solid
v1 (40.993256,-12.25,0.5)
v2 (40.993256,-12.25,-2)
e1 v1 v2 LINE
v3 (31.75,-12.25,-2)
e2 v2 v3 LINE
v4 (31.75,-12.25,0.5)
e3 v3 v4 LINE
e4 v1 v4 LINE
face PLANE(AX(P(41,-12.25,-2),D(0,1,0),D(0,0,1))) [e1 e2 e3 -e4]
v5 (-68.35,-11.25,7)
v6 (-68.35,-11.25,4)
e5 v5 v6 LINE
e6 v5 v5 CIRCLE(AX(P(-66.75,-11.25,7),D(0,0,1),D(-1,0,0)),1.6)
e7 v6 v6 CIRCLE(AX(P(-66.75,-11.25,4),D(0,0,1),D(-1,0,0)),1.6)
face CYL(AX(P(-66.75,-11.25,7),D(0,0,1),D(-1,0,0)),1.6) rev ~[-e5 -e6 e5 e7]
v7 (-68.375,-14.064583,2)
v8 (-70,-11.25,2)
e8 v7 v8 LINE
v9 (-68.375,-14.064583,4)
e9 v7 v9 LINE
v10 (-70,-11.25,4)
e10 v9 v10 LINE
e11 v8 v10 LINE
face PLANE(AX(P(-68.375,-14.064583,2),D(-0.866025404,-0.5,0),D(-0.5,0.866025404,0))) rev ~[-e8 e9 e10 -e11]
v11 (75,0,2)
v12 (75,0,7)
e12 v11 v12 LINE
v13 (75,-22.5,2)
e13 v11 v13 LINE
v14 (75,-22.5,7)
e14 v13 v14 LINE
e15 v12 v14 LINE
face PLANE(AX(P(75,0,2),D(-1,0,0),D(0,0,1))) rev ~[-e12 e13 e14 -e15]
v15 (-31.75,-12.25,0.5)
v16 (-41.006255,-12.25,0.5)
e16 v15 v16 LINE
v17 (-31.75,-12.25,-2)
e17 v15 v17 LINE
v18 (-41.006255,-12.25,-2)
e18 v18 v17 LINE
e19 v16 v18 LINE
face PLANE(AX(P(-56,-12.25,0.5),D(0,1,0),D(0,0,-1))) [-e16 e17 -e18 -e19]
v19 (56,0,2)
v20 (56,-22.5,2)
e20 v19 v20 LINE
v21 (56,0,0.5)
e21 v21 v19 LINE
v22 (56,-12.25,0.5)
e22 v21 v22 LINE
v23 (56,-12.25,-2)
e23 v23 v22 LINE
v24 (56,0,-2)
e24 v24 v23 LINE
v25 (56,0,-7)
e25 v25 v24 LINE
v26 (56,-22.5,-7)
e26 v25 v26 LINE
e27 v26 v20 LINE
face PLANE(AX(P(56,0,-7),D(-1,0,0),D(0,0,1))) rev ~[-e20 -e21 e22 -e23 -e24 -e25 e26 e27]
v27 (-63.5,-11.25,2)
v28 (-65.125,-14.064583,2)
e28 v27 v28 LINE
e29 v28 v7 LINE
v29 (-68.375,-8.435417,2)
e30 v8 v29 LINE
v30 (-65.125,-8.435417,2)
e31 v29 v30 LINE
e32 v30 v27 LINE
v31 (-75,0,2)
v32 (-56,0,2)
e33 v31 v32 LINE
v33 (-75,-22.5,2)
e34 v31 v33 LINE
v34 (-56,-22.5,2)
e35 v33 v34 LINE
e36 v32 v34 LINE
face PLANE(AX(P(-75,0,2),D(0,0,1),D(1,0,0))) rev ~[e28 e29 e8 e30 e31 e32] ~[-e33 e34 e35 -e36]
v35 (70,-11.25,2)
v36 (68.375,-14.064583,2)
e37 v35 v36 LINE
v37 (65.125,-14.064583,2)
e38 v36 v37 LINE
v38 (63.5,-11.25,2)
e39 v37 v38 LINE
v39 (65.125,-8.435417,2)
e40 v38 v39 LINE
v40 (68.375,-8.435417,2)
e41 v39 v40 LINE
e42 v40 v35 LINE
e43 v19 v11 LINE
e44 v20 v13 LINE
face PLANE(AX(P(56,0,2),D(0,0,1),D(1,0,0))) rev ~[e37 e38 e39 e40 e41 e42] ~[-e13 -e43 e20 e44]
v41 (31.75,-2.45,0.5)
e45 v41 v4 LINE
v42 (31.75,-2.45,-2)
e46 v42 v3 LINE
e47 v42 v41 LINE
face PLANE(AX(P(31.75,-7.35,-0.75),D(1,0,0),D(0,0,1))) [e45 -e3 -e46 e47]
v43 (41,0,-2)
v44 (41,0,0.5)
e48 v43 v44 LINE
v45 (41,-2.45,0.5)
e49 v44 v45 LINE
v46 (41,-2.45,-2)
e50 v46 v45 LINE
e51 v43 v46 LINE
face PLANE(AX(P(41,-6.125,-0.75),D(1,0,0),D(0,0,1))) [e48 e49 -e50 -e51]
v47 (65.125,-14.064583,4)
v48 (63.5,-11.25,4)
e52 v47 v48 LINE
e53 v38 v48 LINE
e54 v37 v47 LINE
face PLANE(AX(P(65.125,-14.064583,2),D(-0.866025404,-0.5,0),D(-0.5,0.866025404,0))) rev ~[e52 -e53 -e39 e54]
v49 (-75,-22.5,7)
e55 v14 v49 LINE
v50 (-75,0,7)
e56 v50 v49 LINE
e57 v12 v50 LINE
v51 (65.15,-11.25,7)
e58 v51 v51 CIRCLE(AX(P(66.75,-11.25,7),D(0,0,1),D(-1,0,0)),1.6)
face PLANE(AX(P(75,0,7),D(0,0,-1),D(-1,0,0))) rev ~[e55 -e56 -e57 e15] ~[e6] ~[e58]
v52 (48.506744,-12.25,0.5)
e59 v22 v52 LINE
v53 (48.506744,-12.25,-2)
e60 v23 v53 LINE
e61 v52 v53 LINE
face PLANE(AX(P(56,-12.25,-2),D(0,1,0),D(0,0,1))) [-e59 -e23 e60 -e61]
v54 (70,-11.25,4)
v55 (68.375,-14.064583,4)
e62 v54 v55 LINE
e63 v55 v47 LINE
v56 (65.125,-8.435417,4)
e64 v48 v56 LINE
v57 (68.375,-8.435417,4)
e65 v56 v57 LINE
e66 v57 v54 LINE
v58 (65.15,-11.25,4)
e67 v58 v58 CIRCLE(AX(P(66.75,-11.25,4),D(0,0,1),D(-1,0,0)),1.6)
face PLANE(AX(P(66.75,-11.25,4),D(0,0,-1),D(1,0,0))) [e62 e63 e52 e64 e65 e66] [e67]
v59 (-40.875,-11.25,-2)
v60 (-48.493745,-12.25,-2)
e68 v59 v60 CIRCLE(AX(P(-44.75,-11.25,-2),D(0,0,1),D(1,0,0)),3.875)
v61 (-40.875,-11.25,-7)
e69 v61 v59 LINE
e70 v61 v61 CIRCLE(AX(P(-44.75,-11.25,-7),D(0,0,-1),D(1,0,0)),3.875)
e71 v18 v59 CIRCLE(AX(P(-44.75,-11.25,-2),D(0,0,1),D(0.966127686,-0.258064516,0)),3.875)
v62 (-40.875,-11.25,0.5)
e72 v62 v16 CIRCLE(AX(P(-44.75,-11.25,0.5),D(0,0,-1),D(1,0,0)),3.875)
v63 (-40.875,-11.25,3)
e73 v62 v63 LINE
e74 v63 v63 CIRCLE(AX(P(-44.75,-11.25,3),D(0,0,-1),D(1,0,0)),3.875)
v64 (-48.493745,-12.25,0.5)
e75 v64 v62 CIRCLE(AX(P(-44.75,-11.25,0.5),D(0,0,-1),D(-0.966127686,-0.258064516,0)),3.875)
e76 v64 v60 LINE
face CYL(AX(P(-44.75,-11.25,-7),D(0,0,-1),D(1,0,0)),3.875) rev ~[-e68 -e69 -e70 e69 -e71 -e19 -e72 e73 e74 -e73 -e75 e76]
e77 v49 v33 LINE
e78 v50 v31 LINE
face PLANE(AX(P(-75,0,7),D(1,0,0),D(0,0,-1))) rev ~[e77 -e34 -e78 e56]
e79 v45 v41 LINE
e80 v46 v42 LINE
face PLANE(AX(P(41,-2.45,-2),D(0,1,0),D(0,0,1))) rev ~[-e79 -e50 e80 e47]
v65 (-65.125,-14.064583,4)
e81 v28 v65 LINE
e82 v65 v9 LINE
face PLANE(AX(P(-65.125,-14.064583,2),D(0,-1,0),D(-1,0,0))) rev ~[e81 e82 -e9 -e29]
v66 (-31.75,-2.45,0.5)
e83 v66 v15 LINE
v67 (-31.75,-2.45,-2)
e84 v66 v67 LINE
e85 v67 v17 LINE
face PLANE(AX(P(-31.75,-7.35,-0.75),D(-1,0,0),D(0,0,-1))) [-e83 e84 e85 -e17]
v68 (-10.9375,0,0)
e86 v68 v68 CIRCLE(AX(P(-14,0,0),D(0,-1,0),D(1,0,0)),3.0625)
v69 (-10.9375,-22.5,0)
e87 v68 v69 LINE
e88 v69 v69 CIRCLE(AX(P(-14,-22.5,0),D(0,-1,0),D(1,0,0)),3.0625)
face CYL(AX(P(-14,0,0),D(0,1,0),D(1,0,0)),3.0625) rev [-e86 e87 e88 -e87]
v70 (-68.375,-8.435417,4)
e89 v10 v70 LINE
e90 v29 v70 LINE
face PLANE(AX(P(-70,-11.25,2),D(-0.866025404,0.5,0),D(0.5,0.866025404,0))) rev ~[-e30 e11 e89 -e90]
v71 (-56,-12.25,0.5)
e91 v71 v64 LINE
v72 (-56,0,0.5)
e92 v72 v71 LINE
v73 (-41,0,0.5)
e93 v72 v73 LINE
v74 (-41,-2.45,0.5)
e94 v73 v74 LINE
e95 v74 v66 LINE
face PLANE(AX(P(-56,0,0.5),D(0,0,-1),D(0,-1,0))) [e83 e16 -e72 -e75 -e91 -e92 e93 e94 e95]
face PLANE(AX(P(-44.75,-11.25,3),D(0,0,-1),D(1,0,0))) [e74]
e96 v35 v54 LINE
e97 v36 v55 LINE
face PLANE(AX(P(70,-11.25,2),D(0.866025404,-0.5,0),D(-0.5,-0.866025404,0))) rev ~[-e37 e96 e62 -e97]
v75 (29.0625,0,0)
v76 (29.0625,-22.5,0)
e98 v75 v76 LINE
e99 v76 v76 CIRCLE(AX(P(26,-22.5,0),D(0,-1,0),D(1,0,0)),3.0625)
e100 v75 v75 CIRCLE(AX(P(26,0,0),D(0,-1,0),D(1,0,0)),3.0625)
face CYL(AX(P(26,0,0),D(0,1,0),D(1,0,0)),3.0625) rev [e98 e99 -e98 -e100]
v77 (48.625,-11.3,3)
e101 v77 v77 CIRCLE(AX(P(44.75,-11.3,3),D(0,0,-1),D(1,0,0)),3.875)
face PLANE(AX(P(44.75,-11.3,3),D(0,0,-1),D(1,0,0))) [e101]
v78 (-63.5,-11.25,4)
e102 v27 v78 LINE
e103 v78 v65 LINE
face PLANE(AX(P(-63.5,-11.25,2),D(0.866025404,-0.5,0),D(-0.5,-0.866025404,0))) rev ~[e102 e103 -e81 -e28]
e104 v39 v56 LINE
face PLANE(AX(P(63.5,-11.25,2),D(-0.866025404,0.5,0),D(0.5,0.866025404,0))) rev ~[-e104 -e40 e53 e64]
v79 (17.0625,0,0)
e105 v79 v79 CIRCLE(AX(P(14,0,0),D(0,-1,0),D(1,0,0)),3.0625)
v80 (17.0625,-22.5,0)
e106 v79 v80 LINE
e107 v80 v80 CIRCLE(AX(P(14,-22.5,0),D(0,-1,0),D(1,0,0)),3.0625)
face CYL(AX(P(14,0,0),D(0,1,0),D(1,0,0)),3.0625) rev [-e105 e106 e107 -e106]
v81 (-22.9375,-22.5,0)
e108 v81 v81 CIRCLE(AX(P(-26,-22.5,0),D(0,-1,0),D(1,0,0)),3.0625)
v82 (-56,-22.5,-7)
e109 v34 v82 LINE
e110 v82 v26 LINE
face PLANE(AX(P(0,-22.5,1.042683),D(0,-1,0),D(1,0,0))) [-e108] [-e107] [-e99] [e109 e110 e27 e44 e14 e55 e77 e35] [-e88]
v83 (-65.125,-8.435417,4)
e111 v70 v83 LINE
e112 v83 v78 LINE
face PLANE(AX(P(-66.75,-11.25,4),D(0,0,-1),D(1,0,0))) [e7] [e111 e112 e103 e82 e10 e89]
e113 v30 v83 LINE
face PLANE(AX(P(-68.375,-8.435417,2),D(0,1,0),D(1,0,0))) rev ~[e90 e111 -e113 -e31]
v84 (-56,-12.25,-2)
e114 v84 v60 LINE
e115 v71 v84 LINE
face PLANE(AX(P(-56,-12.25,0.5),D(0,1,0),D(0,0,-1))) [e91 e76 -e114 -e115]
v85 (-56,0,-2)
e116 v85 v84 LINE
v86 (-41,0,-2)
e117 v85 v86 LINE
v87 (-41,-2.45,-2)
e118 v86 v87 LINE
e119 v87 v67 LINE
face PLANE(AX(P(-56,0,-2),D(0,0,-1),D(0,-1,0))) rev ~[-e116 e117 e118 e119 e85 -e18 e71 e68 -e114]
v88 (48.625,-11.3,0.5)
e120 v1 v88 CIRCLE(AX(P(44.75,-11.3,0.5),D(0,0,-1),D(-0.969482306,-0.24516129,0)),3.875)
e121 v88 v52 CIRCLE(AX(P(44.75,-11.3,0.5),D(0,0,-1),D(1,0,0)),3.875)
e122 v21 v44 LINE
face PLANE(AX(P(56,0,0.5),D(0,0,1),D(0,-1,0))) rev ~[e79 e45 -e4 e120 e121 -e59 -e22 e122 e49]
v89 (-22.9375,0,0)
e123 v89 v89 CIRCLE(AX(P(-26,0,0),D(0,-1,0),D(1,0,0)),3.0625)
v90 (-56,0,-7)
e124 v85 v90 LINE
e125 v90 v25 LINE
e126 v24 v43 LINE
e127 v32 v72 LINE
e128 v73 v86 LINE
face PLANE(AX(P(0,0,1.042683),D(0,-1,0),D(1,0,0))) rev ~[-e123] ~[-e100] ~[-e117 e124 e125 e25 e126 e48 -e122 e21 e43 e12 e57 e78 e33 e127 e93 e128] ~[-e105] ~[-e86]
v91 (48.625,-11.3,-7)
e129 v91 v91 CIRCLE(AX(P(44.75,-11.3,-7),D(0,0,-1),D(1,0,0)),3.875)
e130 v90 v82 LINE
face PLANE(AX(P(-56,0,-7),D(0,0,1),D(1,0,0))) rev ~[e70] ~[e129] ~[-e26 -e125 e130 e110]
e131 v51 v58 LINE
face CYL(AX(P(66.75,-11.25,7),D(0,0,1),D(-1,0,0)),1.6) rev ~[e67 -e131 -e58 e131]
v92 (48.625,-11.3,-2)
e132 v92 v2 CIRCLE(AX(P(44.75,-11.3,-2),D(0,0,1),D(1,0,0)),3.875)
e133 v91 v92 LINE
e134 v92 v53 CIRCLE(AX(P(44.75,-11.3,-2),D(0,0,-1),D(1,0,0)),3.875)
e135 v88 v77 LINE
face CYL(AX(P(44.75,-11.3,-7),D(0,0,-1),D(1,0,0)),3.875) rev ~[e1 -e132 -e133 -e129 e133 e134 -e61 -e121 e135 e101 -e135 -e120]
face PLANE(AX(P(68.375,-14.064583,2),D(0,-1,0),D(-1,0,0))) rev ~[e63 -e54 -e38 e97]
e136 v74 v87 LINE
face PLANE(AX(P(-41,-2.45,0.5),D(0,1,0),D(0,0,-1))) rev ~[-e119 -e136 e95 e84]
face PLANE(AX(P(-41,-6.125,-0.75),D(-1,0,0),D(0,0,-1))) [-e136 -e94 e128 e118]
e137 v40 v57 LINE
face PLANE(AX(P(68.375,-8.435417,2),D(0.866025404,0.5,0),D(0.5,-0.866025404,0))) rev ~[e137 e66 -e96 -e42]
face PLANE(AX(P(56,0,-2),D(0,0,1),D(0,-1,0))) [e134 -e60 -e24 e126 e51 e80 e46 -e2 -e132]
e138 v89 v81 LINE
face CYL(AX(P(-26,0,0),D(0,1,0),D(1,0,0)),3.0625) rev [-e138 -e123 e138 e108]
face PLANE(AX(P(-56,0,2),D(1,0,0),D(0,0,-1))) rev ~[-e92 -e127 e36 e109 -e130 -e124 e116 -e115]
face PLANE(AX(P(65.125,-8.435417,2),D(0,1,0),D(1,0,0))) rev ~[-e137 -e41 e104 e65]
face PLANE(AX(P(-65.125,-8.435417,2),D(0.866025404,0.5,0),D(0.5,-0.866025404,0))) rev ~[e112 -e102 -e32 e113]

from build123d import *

# Parameters (mm, degrees)
SKETCH016_R     = 3.0625
PAD003_DEPTH    = 22.5
SKETCH020_R     = 3.875
POCKET012_DEPTH = 10
SKETCH025_W     = 2.5
SKETCH025_H     = 12.25
POCKET013_DEPTH = 15
SKETCH026_W     = 2.5
SKETCH026_H     = 9.8
POCKET014_DEPTH = 9.25
SKETCH027_W     = 2.5
SKETCH027_H     = 12.25
POCKET015_DEPTH = 15
SKETCH028_W     = 2.5
SKETCH028_H     = 9.8
POCKET016_DEPTH = 9.25
SKETCH029_R     = 1.6
POCKET017_DEPTH = 5
POCKET018_DEPTH = 2


with BuildPart() as part:
    # Sketch016 → Pad003 (new body)
    with BuildSketch(Plane.XZ):
        Polygon((-56, -7), (56, -7), (56, 2), (75, 2), (75, 7), (-75, 7), (-75, 2), (-56, 2), align=None)
        with Locations((-14, 0)):
            Circle(SKETCH016_R, mode=Mode.SUBTRACT)
        with Locations((14, 0)):
            Circle(SKETCH016_R, mode=Mode.SUBTRACT)
        with Locations((-26, 0)):
            Circle(SKETCH016_R, mode=Mode.SUBTRACT)
        with Locations((26, 0)):
            Circle(SKETCH016_R, mode=Mode.SUBTRACT)
    extrude(amount=PAD003_DEPTH)

    # Sketch020 (on Face4 of Pad003) → Pocket012 (cut)
    with BuildSketch(Plane(origin=(0, 0, -7), x_dir=(1, 0, 0), z_dir=(0, 0, -1))):
        with Locations((-44.75, 11.25)):
            Circle(SKETCH020_R)
        with Locations((44.75, 11.3)):
            Circle(SKETCH020_R)
    extrude(amount=-POCKET012_DEPTH, mode=Mode.SUBTRACT)

    # Sketch025 (on Face9 of Pocket012) → Pocket013 (cut)
    with BuildSketch(Plane(origin=(56, 0, 0), x_dir=(0, 0, 1), z_dir=(1, 0, 0))):
        with Locations((-0.75, 6.125)):
            Rectangle(SKETCH025_W, SKETCH025_H)
    extrude(amount=-POCKET013_DEPTH, mode=Mode.SUBTRACT)

    # Sketch026 (on Face11 of Pocket013) → Pocket014 (cut)
    with BuildSketch(Plane(origin=(41, 0, 0), x_dir=(0, 0, 1), z_dir=(1, 0, 0))):
        with Locations((-0.75, 7.35)):
            Rectangle(SKETCH026_W, SKETCH026_H)
    extrude(amount=-POCKET014_DEPTH, mode=Mode.SUBTRACT)

    # Sketch027 (on Face7 of Pocket012) → Pocket015 (cut)
    with BuildSketch(Plane(origin=(-56, 0, 0), x_dir=(0, 0, -1), z_dir=(-1, 0, 0))):
        with Locations((0.75, 6.125)):
            Rectangle(SKETCH027_W, SKETCH027_H)
    extrude(amount=-POCKET015_DEPTH, mode=Mode.SUBTRACT)

    # Sketch028 (on Face9 of Pocket015) → Pocket016 (cut)
    with BuildSketch(Plane(origin=(-41, 0, 0), x_dir=(0, 0, -1), z_dir=(-1, 0, 0))):
        with Locations((0.75, 7.35)):
            Rectangle(SKETCH028_W, SKETCH028_H)
    extrude(amount=-POCKET016_DEPTH, mode=Mode.SUBTRACT)

    # Sketch029 (on Face2 of Pocket016) → Pocket017 (cut)
    with BuildSketch(Plane(origin=(0, 0, 7), x_dir=(-1, 0, 0), z_dir=(0, 0, 1))):
        with Locations((-66.75, 11.25)):
            Circle(SKETCH029_R)
        with Locations((66.75, 11.25)):
            Circle(SKETCH029_R)
    extrude(amount=-POCKET017_DEPTH, mode=Mode.SUBTRACT)

    # Sketch030 (on Face18 of Pocket017) → Pocket018 (cut)
    with BuildSketch(Plane(origin=(0, 0, 2), x_dir=(1, 0, 0), z_dir=(0, 0, -1))):
        Polygon((-65.125, 8.4354174377), (-63.5, 11.25), (-65.125, 14.0645825623), (-68.375, 14.0645825623), (-70, 11.25), (-68.375, 8.4354174377), align=None)
        Polygon((68.375, 8.4354174377), (70, 11.25), (68.375, 14.0645825623), (65.125, 14.0645825623), (63.5, 11.25), (65.125, 8.4354174377), align=None)
    extrude(amount=-POCKET018_DEPTH, mode=Mode.SUBTRACT)


solid = part.part
